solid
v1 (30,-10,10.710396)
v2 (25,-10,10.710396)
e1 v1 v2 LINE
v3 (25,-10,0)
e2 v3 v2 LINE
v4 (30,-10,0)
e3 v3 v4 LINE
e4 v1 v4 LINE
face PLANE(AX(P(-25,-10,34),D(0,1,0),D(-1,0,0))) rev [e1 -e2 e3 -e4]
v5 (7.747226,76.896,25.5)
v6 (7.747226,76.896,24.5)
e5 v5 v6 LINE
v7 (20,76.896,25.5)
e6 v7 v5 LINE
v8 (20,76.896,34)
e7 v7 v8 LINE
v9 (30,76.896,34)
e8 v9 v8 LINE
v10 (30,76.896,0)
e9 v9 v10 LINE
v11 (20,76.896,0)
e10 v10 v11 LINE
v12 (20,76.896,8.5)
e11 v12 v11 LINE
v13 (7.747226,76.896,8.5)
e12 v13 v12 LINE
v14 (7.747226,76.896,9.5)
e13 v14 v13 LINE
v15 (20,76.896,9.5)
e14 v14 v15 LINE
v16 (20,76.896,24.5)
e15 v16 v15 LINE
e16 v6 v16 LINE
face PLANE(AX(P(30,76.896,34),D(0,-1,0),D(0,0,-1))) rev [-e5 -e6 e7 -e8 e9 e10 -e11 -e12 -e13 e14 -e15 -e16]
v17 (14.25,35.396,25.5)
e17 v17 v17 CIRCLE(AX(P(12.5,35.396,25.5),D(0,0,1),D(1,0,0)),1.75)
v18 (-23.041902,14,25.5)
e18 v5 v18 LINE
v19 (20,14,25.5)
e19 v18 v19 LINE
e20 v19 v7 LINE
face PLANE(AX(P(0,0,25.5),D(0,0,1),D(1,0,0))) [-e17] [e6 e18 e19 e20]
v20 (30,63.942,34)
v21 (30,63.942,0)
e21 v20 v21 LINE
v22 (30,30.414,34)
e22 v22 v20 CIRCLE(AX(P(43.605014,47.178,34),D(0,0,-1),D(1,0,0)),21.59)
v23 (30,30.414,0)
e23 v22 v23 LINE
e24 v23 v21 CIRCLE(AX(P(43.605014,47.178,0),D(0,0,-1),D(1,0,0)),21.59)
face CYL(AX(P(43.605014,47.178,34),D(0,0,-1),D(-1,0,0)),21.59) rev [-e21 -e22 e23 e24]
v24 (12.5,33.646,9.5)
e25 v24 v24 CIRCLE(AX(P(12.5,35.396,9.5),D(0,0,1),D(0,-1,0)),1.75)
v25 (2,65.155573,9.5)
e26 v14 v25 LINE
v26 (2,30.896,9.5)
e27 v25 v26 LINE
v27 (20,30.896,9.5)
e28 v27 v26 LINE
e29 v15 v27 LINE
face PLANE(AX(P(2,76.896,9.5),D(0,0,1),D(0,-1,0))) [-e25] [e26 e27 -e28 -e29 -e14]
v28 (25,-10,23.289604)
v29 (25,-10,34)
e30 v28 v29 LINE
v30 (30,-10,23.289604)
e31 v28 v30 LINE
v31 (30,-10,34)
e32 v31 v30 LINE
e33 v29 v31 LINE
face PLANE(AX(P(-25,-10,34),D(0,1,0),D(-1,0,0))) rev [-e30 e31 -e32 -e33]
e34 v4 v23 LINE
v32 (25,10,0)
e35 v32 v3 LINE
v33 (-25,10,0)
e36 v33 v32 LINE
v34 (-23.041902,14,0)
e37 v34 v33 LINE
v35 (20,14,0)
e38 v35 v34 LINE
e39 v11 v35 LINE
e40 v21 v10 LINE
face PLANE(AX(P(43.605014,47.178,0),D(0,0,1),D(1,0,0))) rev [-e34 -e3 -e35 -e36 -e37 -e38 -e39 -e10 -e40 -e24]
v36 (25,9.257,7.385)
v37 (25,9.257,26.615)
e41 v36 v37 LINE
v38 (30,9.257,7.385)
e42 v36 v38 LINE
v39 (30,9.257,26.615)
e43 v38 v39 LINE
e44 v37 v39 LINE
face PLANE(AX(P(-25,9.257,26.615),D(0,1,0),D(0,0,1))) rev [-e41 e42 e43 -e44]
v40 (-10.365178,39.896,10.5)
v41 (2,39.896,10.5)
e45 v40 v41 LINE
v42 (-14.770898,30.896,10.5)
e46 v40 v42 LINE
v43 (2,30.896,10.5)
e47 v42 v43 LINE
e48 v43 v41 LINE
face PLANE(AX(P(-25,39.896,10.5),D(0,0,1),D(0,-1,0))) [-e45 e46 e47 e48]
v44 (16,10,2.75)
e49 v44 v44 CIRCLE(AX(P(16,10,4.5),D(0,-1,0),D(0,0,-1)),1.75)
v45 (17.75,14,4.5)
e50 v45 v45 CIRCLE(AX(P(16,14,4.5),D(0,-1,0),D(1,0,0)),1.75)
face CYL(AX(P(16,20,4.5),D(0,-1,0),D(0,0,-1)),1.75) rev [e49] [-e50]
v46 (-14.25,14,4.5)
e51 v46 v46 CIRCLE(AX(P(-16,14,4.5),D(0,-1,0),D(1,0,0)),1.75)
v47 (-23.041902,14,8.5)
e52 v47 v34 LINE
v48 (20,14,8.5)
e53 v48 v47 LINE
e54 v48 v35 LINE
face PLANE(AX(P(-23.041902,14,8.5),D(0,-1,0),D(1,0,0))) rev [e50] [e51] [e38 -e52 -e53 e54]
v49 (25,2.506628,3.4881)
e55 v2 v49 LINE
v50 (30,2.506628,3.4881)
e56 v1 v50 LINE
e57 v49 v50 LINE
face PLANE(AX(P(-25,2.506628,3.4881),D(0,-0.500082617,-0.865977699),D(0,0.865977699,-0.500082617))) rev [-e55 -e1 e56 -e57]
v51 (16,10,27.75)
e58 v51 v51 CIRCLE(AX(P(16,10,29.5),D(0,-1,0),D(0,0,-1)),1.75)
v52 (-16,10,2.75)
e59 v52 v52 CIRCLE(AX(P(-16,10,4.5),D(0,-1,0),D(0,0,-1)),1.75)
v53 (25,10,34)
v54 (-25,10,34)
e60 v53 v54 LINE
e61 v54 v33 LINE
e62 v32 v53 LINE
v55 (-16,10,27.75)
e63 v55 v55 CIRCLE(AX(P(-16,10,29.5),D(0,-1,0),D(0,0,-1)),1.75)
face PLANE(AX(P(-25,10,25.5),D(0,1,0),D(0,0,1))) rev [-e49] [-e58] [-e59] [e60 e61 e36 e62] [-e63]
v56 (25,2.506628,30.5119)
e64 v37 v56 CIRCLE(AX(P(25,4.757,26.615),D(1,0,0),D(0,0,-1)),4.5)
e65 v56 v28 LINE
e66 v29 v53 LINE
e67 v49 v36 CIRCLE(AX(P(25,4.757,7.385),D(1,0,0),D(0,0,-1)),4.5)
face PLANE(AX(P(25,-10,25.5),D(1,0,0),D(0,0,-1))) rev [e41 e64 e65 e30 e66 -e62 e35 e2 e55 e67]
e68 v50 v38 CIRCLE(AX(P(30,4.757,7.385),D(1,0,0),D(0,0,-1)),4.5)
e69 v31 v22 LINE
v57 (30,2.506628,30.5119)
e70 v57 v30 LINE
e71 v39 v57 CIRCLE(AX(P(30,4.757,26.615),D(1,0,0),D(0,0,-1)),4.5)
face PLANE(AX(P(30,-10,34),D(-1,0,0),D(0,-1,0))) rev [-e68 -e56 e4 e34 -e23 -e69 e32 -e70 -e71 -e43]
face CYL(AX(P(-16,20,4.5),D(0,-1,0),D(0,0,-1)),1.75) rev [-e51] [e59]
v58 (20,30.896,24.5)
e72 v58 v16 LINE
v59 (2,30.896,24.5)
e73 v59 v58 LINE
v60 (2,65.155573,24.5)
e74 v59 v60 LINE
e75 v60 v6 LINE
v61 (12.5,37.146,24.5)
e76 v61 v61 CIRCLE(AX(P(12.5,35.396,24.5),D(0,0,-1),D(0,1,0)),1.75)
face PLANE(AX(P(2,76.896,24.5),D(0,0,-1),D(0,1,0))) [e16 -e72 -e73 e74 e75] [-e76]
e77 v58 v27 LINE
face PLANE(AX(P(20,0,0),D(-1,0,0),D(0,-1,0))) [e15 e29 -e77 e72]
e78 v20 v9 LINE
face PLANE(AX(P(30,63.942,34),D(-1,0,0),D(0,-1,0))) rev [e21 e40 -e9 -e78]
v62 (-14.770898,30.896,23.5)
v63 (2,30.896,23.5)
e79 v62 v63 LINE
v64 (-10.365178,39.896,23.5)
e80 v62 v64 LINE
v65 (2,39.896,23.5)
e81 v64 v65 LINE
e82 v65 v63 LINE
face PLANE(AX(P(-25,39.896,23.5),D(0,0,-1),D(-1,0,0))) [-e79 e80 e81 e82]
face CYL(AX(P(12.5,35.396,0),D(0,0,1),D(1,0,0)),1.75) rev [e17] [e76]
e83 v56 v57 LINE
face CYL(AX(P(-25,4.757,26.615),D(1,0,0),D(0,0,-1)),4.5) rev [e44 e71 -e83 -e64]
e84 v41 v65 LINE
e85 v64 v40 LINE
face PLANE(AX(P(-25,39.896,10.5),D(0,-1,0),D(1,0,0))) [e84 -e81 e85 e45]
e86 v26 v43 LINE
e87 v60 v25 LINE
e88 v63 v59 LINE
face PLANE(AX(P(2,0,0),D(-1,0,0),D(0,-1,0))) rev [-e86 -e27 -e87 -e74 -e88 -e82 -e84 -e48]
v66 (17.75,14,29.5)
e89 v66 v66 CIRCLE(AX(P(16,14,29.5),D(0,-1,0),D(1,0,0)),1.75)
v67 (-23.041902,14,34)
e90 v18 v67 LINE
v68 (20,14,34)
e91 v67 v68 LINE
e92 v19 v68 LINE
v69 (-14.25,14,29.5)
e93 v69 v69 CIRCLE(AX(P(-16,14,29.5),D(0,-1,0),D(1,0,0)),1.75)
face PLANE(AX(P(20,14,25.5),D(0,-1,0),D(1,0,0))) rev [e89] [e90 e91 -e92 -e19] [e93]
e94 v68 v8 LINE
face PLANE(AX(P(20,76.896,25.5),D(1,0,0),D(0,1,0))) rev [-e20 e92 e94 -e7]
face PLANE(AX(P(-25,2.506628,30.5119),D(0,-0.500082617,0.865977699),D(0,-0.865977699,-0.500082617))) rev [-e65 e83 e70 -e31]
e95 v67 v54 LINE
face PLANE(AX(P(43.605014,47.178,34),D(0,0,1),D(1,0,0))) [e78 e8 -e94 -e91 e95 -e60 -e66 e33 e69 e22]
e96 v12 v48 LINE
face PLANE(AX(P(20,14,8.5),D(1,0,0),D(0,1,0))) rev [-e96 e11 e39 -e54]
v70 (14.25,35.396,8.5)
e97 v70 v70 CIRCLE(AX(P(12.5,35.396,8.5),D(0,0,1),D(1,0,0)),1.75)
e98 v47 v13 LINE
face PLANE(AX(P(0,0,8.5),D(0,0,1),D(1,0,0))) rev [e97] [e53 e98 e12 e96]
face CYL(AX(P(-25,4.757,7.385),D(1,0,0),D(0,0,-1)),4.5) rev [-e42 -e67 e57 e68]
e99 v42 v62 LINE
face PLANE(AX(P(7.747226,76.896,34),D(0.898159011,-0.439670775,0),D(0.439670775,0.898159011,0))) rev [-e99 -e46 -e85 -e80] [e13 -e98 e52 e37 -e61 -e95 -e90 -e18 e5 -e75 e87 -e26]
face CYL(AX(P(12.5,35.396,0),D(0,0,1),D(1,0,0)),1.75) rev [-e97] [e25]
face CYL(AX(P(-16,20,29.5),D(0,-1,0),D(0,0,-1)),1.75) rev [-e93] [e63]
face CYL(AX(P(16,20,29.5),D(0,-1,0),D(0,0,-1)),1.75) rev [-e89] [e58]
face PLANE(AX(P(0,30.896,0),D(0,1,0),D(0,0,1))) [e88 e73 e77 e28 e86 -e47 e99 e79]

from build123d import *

# Parameters (mm, degrees)
BOSS_EXTRUDE2_DEPTH = 34
SKETCH5_W           = 50
SKETCH5_H           = 20
CUT_EXTRUDE1_DEPTH  = 8.5
SKETCH6_W           = 50
SKETCH6_H           = 20
CUT_EXTRUDE2_DEPTH  = 8.5
SKETCH7_W           = 52.006330756
SKETCH7_H           = 21.627895193
CUT_EXTRUDE3_DEPTH  = 87.390073596
CUT_EXTRUDE4_DEPTH  = 101.468874862
SKETCH10_R          = 1.75
CUT_EXTRUDE5_DEPTH  = 10
SKETCH14_W          = 15
SKETCH14_H          = 37
CUT_EXTRUDE8_DEPTH  = 18
SKETCH15_W          = 18
SKETCH15_H          = 15
CUT_EXTRUDE9_DEPTH  = 9
SKETCH16_W          = 13
SKETCH16_H          = 9
CUT_EXTRUDE10_DEPTH = 96.362439231
SKETCH17_R          = 1.75
CUT_EXTRUDE11_DEPTH = 87.390073596


with BuildPart() as part:
    # Sketch4 → Boss-Extrude2 (new body)
    with BuildSketch(Plane.XY):
        with BuildLine():
            Line((-25, -10), (30, -10))
            Line((30, -10), (30, 30.414))
            ThreePointArc((30, 30.414), (22.015013929, 47.178), (30, 63.942))
            Line((30, 63.942), (30, 76.896))
            Line((30, 76.896), (7.747226033, 76.896))
            Line((7.747226033, 76.896), (-25, 10))
            Line((-25, 10), (-25, -10))
        make_face()
    extrude(amount=BOSS_EXTRUDE2_DEPTH)

    # Sketch5 → Cut-Extrude1 (cut)
    with BuildSketch(Plane.XY.offset(34)):
        Polygon((-23.041902294, 14), (7.747226033, 76.896), (20, 76.896), (20, 14), align=None)
        Rectangle(SKETCH5_W, SKETCH5_H)
    extrude(amount=-CUT_EXTRUDE1_DEPTH, mode=Mode.SUBTRACT)

    # Sketch6 → Cut-Extrude2 (cut)
    with BuildSketch(Plane(origin=(0, 0, 0), x_dir=(-1, 0, 0), z_dir=(0, 0, -1))):
        Polygon((23.041902294, 14), (-20, 14), (-20, 76.896), (-7.747226033, 76.896), align=None)
        Rectangle(SKETCH6_W, SKETCH6_H)
    extrude(amount=-CUT_EXTRUDE2_DEPTH, mode=Mode.SUBTRACT)

    # Sketch7 → Cut-Extrude3 (cut, through all)
    with BuildSketch(Plane(origin=(0, 0, 8.5), x_dir=(-1, 0, 0), z_dir=(0, 0, -1))):
        with Locations((1.003165378, -0.813947597)):
            Rectangle(SKETCH7_W, SKETCH7_H)
    extrude(amount=-CUT_EXTRUDE3_DEPTH, mode=Mode.SUBTRACT)

    # Sketch9 → Cut-Extrude4 (cut, through all)
    with BuildSketch(Plane(origin=(30, 0, 0), x_dir=(0, 0, -1), z_dir=(1, 0, 0))):
        with BuildLine():
            Line((-26.615, 9.257), (-7.385, 9.257))
            ThreePointArc((-7.385, 9.257), (-3.487778361, 7.006814103), (-3.488100353, 2.506628222))
            Line((-3.488100353, 2.506628222), (-13.103100353, -14.143371778))
            ThreePointArc((-13.103100353, -14.143371778), (-17, -16.393), (-20.896899647, -14.143371778))
            Line((-20.896899647, -14.143371778), (-30.511899647, 2.506628222))
            ThreePointArc((-30.511899647, 2.506628222), (-30.512221639, 7.006814103), (-26.615, 9.257))
        make_face()
    extrude(amount=-CUT_EXTRUDE4_DEPTH, mode=Mode.SUBTRACT)

    # Sketch10 → Cut-Extrude5 (cut)
    with BuildSketch(Plane.XZ.offset(-10)):
        with Locations(Location((16, 29.5, 0), (0, 0, 270))):
            Circle(SKETCH10_R)
        with Locations(Location((16, 4.5, 0), (0, 0, 270))):
            Circle(SKETCH10_R)
        with Locations(Location((-16, 29.5, 0), (0, 0, 270))):
            Circle(SKETCH10_R)
        with Locations(Location((-16, 4.5, 0), (0, 0, 270))):
            Circle(SKETCH10_R)
    extrude(amount=-CUT_EXTRUDE5_DEPTH, mode=Mode.SUBTRACT)

    # Sketch14 → Cut-Extrude8 (cut)
    with BuildSketch(Plane.ZY.offset(-20)):
        with Locations((17, 58.396)):
            Rectangle(SKETCH14_W, SKETCH14_H)
    extrude(amount=CUT_EXTRUDE8_DEPTH, mode=Mode.SUBTRACT)

    # Sketch15 → Cut-Extrude9 (cut)
    with BuildSketch(Plane(origin=(0, 39.896, 0), x_dir=(1, 0, 0), z_dir=(0, 1, 0))):
        with Locations((11, -17)):
            Rectangle(SKETCH15_W, SKETCH15_H)
    extrude(amount=-CUT_EXTRUDE9_DEPTH, mode=Mode.SUBTRACT)

    # Sketch16 → Cut-Extrude10 (cut, through all)
    with BuildSketch(Plane.ZY.offset(-20)):
        with Locations((17, 35.396)):
            Rectangle(SKETCH16_W, SKETCH16_H)
    extrude(amount=CUT_EXTRUDE10_DEPTH, mode=Mode.SUBTRACT)

    # Sketch17 → Cut-Extrude11 (cut, through all)
    with BuildSketch(Plane.XY.offset(25.5)):
        with Locations((12.5, 35.396)):
            Circle(SKETCH17_R)
    extrude(amount=-CUT_EXTRUDE11_DEPTH, mode=Mode.SUBTRACT)


solid = part.part
